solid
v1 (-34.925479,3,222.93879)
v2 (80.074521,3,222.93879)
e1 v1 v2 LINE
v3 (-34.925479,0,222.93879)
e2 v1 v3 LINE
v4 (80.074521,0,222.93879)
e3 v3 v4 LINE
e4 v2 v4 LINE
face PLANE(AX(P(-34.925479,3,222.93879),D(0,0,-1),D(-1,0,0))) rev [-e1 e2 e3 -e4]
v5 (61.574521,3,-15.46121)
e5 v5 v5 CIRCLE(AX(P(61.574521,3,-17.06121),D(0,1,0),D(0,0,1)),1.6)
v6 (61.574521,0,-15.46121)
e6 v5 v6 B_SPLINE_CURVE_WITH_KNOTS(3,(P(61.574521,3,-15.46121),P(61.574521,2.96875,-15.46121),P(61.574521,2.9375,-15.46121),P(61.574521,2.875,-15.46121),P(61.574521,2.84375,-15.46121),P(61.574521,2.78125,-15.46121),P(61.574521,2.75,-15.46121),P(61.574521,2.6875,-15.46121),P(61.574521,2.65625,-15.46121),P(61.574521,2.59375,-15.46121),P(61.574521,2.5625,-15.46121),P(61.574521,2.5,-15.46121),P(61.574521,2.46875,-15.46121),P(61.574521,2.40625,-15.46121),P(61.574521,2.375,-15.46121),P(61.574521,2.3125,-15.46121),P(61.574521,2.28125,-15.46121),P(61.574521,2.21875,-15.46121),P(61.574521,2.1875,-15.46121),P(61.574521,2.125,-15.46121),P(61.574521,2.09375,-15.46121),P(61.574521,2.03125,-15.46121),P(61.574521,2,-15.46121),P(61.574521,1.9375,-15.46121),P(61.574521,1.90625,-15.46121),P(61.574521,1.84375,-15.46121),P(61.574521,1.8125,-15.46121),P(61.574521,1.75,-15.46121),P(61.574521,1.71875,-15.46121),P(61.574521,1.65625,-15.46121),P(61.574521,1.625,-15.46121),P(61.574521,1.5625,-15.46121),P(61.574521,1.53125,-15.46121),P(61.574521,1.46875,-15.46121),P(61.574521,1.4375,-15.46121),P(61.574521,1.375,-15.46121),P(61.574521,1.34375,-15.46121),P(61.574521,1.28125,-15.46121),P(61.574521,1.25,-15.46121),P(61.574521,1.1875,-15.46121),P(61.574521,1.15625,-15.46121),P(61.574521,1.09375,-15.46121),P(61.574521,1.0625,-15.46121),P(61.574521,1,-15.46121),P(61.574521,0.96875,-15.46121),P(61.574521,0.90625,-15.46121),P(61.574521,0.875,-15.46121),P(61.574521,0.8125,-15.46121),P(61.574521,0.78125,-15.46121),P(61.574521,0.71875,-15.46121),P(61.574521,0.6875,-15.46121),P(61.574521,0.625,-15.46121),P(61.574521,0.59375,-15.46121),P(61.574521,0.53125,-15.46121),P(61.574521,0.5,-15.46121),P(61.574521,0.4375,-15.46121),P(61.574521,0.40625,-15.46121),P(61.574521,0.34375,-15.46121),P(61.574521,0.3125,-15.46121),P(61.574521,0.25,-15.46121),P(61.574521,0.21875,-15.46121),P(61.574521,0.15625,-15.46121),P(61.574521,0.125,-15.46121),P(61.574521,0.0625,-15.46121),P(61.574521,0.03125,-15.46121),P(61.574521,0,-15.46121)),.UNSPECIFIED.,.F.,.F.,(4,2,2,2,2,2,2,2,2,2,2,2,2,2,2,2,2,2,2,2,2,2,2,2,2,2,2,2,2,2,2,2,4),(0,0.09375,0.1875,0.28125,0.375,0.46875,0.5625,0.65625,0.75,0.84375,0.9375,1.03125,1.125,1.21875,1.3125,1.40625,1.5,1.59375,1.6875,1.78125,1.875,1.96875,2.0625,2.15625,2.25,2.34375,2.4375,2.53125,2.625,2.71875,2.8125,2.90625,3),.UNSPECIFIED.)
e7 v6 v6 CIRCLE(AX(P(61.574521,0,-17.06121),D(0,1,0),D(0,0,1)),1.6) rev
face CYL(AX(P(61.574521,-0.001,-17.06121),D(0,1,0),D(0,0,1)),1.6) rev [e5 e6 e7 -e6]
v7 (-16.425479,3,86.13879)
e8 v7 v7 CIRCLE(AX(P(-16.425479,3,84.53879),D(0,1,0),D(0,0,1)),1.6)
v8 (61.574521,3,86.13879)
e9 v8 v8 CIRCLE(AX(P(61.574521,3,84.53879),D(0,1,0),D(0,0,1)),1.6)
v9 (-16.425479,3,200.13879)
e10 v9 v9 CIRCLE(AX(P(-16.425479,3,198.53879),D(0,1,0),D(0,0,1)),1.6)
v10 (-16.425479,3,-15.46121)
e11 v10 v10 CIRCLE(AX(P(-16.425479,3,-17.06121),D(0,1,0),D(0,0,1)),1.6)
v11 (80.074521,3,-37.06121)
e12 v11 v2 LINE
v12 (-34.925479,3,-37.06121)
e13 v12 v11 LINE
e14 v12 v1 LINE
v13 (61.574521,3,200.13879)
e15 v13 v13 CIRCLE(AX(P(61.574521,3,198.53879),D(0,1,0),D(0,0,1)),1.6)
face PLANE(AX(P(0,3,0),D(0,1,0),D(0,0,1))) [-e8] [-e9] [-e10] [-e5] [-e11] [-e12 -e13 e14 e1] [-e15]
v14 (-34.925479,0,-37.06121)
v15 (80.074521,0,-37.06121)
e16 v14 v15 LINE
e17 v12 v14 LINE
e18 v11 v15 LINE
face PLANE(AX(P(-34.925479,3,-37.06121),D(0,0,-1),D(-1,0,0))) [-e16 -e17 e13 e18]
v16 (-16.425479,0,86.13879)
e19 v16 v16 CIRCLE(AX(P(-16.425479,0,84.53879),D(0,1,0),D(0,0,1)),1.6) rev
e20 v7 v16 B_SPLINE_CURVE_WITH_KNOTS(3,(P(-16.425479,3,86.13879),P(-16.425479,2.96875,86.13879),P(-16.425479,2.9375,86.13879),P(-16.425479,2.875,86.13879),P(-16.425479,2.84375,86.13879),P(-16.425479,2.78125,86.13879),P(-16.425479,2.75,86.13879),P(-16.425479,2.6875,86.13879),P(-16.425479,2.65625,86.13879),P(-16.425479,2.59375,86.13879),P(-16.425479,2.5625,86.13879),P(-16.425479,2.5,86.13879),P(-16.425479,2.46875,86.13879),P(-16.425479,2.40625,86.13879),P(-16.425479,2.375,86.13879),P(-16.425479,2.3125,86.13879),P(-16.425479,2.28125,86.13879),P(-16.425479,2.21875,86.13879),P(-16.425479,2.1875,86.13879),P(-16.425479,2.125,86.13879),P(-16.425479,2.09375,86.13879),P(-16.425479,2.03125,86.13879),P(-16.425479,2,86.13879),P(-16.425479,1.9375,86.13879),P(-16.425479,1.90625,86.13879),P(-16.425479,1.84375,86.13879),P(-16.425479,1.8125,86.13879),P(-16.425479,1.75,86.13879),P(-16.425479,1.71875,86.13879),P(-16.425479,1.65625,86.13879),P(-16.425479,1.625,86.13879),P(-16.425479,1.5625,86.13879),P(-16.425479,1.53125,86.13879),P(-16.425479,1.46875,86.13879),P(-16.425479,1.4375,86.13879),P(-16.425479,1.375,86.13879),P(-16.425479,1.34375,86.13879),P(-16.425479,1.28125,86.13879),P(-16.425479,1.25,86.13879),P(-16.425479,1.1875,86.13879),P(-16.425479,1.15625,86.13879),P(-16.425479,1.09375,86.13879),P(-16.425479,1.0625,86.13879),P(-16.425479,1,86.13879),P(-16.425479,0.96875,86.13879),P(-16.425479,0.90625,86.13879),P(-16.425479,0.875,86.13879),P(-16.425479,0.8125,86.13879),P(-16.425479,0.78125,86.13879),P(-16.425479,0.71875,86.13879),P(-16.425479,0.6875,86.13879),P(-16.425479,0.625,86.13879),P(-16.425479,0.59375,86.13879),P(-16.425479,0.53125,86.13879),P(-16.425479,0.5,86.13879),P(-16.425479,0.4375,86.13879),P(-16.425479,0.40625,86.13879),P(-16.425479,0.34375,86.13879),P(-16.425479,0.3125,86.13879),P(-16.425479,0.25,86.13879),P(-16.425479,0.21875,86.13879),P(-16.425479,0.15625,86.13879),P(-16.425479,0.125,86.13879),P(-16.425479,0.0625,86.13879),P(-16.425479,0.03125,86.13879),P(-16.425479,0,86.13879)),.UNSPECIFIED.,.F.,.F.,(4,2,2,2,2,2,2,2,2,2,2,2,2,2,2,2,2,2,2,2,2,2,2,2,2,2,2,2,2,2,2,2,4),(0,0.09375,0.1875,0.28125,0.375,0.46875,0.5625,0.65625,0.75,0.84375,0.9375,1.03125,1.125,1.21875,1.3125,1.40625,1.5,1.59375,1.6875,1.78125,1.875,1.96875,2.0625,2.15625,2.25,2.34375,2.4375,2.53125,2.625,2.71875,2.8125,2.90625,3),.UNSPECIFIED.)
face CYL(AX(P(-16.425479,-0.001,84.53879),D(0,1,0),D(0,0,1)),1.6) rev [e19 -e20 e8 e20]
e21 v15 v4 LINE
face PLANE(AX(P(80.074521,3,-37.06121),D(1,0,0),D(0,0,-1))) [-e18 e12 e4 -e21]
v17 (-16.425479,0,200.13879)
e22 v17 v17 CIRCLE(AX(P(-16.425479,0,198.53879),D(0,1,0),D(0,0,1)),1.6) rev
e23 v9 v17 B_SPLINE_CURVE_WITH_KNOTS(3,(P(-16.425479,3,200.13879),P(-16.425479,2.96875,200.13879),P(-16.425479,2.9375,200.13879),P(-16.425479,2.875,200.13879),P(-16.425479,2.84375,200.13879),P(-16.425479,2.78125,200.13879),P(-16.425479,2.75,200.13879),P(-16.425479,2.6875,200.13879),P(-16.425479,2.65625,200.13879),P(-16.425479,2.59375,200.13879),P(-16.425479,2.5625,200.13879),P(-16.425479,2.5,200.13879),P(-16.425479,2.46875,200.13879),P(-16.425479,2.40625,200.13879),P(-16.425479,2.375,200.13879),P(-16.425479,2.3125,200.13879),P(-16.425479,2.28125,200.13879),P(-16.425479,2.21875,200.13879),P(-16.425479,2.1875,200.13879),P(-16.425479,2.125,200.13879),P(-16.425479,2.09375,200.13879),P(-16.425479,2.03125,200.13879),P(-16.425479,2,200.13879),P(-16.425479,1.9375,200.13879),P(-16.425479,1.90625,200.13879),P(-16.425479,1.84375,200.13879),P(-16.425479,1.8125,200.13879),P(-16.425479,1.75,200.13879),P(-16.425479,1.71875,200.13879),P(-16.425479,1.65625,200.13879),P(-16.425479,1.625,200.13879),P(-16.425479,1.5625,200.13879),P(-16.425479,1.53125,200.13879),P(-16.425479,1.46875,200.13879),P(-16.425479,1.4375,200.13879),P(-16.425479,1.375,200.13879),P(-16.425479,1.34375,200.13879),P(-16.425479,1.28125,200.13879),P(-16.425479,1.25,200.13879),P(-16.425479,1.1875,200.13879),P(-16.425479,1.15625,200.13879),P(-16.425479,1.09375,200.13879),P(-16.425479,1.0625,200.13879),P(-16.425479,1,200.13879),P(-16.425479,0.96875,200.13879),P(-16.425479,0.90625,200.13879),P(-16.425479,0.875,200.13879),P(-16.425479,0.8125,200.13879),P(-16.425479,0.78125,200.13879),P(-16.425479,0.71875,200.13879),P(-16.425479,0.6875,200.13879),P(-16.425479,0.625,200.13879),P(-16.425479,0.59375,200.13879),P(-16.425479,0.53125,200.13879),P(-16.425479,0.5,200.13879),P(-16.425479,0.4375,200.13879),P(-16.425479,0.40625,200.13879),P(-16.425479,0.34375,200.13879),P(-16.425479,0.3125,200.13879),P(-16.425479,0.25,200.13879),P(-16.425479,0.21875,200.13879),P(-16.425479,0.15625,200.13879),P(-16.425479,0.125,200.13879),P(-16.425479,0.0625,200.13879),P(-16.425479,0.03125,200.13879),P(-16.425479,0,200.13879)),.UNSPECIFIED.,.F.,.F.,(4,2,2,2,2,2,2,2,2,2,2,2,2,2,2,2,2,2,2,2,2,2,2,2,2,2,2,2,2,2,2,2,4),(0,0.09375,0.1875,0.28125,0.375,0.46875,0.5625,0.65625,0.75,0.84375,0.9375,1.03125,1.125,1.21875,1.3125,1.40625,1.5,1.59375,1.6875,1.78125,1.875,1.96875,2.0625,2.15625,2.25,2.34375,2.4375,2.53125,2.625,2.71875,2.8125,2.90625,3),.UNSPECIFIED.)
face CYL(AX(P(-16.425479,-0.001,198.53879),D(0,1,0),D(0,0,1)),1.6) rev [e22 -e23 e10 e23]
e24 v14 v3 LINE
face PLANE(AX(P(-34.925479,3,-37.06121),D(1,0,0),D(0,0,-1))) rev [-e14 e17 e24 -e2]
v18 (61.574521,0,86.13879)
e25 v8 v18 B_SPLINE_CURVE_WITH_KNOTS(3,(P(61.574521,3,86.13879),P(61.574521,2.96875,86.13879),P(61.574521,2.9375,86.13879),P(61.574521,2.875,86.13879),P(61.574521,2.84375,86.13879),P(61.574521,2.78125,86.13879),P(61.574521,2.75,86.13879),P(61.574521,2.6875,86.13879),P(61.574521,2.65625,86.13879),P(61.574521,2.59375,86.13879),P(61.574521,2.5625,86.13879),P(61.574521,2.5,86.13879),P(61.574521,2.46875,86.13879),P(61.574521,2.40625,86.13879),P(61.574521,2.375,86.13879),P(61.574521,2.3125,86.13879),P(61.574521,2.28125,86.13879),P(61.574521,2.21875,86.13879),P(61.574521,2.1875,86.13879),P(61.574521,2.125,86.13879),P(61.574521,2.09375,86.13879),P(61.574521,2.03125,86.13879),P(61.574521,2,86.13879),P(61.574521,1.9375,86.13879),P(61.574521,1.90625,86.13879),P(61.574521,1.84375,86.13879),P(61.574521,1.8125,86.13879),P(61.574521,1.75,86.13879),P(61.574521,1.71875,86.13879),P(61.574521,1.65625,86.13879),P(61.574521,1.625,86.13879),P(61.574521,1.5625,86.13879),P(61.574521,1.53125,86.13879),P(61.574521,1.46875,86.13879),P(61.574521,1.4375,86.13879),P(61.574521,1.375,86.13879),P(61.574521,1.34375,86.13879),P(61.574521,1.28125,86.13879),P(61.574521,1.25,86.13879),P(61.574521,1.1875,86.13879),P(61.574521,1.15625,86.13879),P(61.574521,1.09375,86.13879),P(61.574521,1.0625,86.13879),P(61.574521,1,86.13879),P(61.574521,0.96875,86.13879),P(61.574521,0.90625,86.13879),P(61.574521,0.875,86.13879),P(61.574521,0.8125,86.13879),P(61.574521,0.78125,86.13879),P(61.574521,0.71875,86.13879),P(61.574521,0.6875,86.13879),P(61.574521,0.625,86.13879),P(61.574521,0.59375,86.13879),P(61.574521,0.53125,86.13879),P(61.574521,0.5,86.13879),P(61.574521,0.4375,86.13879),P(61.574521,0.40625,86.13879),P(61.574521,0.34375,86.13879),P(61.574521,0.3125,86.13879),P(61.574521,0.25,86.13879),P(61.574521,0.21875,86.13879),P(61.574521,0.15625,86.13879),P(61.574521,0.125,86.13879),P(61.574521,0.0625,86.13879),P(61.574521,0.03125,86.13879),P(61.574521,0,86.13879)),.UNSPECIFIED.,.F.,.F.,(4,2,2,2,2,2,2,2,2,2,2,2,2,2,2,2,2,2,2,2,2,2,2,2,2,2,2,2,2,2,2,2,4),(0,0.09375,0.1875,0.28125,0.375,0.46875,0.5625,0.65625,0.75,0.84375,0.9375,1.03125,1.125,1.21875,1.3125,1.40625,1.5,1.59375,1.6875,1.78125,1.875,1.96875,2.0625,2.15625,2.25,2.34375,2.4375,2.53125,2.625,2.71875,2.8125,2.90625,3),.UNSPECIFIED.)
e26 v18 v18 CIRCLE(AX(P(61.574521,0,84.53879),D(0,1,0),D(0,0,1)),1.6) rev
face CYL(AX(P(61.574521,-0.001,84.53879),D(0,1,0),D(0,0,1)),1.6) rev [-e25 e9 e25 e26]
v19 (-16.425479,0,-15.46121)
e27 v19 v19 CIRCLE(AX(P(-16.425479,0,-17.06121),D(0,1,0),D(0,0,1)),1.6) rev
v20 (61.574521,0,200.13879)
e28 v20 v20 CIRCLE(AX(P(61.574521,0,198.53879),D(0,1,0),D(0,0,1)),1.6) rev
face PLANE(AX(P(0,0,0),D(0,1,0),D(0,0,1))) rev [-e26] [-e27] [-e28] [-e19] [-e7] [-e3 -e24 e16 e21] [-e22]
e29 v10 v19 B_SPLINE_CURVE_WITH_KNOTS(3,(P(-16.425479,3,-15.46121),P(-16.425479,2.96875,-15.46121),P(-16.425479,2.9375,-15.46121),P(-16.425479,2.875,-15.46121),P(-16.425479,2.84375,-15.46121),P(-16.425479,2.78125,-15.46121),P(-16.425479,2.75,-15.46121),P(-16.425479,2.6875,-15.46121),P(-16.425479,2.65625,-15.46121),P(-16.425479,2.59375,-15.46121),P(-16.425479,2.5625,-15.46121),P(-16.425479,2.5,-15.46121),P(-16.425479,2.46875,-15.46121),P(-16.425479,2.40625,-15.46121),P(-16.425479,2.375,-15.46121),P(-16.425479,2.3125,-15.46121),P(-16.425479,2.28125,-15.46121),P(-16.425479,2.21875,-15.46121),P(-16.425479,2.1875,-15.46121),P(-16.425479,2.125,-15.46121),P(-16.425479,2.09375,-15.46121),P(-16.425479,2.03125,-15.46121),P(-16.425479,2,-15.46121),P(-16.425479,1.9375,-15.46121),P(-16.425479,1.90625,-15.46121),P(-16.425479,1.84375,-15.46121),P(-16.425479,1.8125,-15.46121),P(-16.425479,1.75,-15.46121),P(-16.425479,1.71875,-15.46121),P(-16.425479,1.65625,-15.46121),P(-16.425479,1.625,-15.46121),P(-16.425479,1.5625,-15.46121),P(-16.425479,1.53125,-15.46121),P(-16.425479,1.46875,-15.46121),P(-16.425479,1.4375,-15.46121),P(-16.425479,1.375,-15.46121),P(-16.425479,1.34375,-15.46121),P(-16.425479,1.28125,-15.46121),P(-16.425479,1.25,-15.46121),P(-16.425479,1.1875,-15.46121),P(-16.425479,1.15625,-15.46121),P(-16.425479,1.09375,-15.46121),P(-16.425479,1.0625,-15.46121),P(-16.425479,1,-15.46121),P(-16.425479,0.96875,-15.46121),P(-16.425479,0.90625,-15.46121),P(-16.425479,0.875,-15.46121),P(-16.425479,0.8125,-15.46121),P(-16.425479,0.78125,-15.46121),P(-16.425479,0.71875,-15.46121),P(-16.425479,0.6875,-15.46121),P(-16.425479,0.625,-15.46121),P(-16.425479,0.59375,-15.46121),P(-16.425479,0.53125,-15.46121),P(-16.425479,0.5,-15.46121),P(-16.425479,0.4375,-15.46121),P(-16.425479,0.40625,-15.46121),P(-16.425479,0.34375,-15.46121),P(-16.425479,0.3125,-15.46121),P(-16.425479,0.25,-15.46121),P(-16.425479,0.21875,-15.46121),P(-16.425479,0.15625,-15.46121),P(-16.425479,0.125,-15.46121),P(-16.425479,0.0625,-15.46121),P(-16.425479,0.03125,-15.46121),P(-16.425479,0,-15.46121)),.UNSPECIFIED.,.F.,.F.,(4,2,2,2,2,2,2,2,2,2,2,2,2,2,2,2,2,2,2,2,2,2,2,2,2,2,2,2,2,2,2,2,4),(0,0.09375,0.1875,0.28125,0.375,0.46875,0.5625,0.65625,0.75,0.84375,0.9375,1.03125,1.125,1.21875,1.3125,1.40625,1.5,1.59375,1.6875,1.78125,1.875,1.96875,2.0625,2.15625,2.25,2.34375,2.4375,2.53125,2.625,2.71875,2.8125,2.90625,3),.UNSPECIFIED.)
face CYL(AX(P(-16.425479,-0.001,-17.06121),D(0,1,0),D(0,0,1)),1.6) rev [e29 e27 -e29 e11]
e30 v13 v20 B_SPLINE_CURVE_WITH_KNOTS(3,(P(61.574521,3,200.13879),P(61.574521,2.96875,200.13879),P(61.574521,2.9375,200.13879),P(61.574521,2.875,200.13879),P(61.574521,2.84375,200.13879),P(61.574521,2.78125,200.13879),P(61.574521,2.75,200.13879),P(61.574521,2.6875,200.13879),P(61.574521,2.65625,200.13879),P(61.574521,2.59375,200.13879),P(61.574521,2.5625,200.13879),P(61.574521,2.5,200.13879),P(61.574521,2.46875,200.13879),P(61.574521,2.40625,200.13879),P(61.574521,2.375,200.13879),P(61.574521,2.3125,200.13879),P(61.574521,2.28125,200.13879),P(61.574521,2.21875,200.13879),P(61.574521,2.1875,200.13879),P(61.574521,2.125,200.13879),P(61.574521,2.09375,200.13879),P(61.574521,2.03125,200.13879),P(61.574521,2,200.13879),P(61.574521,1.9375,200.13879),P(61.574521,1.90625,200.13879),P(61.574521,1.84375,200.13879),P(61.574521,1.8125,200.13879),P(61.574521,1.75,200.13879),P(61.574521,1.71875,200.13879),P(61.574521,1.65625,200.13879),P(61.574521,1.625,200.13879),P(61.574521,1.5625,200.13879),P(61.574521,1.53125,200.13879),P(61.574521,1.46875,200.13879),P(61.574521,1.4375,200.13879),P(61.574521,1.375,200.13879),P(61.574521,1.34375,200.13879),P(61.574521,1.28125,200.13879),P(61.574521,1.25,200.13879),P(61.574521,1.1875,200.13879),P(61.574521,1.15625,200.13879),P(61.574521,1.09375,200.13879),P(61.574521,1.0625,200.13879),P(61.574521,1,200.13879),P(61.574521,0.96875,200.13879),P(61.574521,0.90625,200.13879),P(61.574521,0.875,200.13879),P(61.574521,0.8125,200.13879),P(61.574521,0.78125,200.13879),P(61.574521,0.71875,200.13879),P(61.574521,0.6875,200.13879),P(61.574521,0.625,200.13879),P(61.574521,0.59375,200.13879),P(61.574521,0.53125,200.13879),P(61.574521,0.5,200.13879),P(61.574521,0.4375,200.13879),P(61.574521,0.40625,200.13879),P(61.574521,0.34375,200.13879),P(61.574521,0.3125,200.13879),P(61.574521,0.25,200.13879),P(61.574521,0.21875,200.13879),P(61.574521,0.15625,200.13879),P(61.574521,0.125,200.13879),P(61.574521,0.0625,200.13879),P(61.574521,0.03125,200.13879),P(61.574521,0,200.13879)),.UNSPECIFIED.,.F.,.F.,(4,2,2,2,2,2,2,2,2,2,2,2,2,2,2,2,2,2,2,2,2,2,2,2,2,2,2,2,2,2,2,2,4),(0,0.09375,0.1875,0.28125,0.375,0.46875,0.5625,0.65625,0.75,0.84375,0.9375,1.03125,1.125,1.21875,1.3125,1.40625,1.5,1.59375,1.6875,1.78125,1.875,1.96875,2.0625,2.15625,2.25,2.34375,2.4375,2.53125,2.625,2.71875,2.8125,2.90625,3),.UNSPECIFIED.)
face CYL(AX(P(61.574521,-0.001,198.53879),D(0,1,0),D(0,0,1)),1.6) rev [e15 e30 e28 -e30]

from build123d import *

# Parameters (mm, degrees)
ESQUISSE1_W             = 115
ESQUISSE1_H             = 260
BOSS_EXTRU_1_DEPTH      = 3
ENL_V_MAT_EXTRU_1_REACH = 238.902
ESQUISSE2_R             = 1.6


with BuildPart() as part:
    # Esquisse1 → Boss.-Extru.1 (new body)
    with BuildSketch(Plane(origin=(0, 0, 0), x_dir=(1, 0, 0), z_dir=(0, 1, 0))):
        with Locations((22.5745208, -92.938790058)):
            Rectangle(ESQUISSE1_W, ESQUISSE1_H)
    extrude(amount=BOSS_EXTRU_1_DEPTH)

    # Esquisse2 → Enlèv. mat.-Extru.1 (cut, up to next)
    with BuildSketch(Plane(origin=(0, 3, 0), x_dir=(1, 0, 0), z_dir=(0, 1, 0)), mode=Mode.PRIVATE) as enl_v_mat_extru_1_sk1:
        with Locations(Location((-16.4254792, -198.538790058, 0), (0, 0, 270))):
            Circle(ESQUISSE2_R)
    enl_v_mat_extru_1_tool1 = extrude(enl_v_mat_extru_1_sk1.sketch, amount=-ENL_V_MAT_EXTRU_1_REACH, mode=Mode.PRIVATE) & part.part
    # Esquisse2 → Enlèv. mat.-Extru.1 (cut, up to next)
    with BuildSketch(Plane(origin=(0, 3, 0), x_dir=(1, 0, 0), z_dir=(0, 1, 0)), mode=Mode.PRIVATE) as enl_v_mat_extru_1_sk2:
        with Locations(Location((61.5745208, -198.538790058, 0), (0, 0, 270))):
            Circle(ESQUISSE2_R)
    enl_v_mat_extru_1_tool2 = extrude(enl_v_mat_extru_1_sk2.sketch, amount=-ENL_V_MAT_EXTRU_1_REACH, mode=Mode.PRIVATE) & part.part
    # Esquisse2 → Enlèv. mat.-Extru.1 (cut, up to next)
    with BuildSketch(Plane(origin=(0, 3, 0), x_dir=(1, 0, 0), z_dir=(0, 1, 0)), mode=Mode.PRIVATE) as enl_v_mat_extru_1_sk3:
        with Locations(Location((-16.4254792, -84.538790058, 0), (0, 0, 270))):
            Circle(ESQUISSE2_R)
    enl_v_mat_extru_1_tool3 = extrude(enl_v_mat_extru_1_sk3.sketch, amount=-ENL_V_MAT_EXTRU_1_REACH, mode=Mode.PRIVATE) & part.part
    # Esquisse2 → Enlèv. mat.-Extru.1 (cut, up to next)
    with BuildSketch(Plane(origin=(0, 3, 0), x_dir=(1, 0, 0), z_dir=(0, 1, 0)), mode=Mode.PRIVATE) as enl_v_mat_extru_1_sk4:
        with Locations(Location((61.5745208, -84.538790058, 0), (0, 0, 270))):
            Circle(ESQUISSE2_R)
    enl_v_mat_extru_1_tool4 = extrude(enl_v_mat_extru_1_sk4.sketch, amount=-ENL_V_MAT_EXTRU_1_REACH, mode=Mode.PRIVATE) & part.part
    # Esquisse2 → Enlèv. mat.-Extru.1 (cut, up to next)
    with BuildSketch(Plane(origin=(0, 3, 0), x_dir=(1, 0, 0), z_dir=(0, 1, 0)), mode=Mode.PRIVATE) as enl_v_mat_extru_1_sk5:
        with Locations(Location((-16.4254792, 17.061209942, 0), (0, 0, 270))):
            Circle(ESQUISSE2_R)
    enl_v_mat_extru_1_tool5 = extrude(enl_v_mat_extru_1_sk5.sketch, amount=-ENL_V_MAT_EXTRU_1_REACH, mode=Mode.PRIVATE) & part.part
    # Esquisse2 → Enlèv. mat.-Extru.1 (cut, up to next)
    with BuildSketch(Plane(origin=(0, 3, 0), x_dir=(1, 0, 0), z_dir=(0, 1, 0)), mode=Mode.PRIVATE) as enl_v_mat_extru_1_sk6:
        with Locations(Location((61.5745208, 17.061209942, 0), (0, 0, 270))):
            Circle(ESQUISSE2_R)
    enl_v_mat_extru_1_tool6 = extrude(enl_v_mat_extru_1_sk6.sketch, amount=-ENL_V_MAT_EXTRU_1_REACH, mode=Mode.PRIVATE) & part.part
    add(enl_v_mat_extru_1_tool1.solids().sort_by_distance((-16.425479, 3, 198.53879))[0], mode=Mode.SUBTRACT)
    add(enl_v_mat_extru_1_tool2.solids().sort_by_distance((61.574521, 3, 198.53879))[0], mode=Mode.SUBTRACT)
    add(enl_v_mat_extru_1_tool3.solids().sort_by_distance((-16.425479, 3, 84.53879))[0], mode=Mode.SUBTRACT)
    add(enl_v_mat_extru_1_tool4.solids().sort_by_distance((61.574521, 3, 84.53879))[0], mode=Mode.SUBTRACT)
    add(enl_v_mat_extru_1_tool5.solids().sort_by_distance((-16.425479, 3, -17.06121))[0], mode=Mode.SUBTRACT)
    add(enl_v_mat_extru_1_tool6.solids().sort_by_distance((61.574521, 3, -17.06121))[0], mode=Mode.SUBTRACT)


solid = part.part
